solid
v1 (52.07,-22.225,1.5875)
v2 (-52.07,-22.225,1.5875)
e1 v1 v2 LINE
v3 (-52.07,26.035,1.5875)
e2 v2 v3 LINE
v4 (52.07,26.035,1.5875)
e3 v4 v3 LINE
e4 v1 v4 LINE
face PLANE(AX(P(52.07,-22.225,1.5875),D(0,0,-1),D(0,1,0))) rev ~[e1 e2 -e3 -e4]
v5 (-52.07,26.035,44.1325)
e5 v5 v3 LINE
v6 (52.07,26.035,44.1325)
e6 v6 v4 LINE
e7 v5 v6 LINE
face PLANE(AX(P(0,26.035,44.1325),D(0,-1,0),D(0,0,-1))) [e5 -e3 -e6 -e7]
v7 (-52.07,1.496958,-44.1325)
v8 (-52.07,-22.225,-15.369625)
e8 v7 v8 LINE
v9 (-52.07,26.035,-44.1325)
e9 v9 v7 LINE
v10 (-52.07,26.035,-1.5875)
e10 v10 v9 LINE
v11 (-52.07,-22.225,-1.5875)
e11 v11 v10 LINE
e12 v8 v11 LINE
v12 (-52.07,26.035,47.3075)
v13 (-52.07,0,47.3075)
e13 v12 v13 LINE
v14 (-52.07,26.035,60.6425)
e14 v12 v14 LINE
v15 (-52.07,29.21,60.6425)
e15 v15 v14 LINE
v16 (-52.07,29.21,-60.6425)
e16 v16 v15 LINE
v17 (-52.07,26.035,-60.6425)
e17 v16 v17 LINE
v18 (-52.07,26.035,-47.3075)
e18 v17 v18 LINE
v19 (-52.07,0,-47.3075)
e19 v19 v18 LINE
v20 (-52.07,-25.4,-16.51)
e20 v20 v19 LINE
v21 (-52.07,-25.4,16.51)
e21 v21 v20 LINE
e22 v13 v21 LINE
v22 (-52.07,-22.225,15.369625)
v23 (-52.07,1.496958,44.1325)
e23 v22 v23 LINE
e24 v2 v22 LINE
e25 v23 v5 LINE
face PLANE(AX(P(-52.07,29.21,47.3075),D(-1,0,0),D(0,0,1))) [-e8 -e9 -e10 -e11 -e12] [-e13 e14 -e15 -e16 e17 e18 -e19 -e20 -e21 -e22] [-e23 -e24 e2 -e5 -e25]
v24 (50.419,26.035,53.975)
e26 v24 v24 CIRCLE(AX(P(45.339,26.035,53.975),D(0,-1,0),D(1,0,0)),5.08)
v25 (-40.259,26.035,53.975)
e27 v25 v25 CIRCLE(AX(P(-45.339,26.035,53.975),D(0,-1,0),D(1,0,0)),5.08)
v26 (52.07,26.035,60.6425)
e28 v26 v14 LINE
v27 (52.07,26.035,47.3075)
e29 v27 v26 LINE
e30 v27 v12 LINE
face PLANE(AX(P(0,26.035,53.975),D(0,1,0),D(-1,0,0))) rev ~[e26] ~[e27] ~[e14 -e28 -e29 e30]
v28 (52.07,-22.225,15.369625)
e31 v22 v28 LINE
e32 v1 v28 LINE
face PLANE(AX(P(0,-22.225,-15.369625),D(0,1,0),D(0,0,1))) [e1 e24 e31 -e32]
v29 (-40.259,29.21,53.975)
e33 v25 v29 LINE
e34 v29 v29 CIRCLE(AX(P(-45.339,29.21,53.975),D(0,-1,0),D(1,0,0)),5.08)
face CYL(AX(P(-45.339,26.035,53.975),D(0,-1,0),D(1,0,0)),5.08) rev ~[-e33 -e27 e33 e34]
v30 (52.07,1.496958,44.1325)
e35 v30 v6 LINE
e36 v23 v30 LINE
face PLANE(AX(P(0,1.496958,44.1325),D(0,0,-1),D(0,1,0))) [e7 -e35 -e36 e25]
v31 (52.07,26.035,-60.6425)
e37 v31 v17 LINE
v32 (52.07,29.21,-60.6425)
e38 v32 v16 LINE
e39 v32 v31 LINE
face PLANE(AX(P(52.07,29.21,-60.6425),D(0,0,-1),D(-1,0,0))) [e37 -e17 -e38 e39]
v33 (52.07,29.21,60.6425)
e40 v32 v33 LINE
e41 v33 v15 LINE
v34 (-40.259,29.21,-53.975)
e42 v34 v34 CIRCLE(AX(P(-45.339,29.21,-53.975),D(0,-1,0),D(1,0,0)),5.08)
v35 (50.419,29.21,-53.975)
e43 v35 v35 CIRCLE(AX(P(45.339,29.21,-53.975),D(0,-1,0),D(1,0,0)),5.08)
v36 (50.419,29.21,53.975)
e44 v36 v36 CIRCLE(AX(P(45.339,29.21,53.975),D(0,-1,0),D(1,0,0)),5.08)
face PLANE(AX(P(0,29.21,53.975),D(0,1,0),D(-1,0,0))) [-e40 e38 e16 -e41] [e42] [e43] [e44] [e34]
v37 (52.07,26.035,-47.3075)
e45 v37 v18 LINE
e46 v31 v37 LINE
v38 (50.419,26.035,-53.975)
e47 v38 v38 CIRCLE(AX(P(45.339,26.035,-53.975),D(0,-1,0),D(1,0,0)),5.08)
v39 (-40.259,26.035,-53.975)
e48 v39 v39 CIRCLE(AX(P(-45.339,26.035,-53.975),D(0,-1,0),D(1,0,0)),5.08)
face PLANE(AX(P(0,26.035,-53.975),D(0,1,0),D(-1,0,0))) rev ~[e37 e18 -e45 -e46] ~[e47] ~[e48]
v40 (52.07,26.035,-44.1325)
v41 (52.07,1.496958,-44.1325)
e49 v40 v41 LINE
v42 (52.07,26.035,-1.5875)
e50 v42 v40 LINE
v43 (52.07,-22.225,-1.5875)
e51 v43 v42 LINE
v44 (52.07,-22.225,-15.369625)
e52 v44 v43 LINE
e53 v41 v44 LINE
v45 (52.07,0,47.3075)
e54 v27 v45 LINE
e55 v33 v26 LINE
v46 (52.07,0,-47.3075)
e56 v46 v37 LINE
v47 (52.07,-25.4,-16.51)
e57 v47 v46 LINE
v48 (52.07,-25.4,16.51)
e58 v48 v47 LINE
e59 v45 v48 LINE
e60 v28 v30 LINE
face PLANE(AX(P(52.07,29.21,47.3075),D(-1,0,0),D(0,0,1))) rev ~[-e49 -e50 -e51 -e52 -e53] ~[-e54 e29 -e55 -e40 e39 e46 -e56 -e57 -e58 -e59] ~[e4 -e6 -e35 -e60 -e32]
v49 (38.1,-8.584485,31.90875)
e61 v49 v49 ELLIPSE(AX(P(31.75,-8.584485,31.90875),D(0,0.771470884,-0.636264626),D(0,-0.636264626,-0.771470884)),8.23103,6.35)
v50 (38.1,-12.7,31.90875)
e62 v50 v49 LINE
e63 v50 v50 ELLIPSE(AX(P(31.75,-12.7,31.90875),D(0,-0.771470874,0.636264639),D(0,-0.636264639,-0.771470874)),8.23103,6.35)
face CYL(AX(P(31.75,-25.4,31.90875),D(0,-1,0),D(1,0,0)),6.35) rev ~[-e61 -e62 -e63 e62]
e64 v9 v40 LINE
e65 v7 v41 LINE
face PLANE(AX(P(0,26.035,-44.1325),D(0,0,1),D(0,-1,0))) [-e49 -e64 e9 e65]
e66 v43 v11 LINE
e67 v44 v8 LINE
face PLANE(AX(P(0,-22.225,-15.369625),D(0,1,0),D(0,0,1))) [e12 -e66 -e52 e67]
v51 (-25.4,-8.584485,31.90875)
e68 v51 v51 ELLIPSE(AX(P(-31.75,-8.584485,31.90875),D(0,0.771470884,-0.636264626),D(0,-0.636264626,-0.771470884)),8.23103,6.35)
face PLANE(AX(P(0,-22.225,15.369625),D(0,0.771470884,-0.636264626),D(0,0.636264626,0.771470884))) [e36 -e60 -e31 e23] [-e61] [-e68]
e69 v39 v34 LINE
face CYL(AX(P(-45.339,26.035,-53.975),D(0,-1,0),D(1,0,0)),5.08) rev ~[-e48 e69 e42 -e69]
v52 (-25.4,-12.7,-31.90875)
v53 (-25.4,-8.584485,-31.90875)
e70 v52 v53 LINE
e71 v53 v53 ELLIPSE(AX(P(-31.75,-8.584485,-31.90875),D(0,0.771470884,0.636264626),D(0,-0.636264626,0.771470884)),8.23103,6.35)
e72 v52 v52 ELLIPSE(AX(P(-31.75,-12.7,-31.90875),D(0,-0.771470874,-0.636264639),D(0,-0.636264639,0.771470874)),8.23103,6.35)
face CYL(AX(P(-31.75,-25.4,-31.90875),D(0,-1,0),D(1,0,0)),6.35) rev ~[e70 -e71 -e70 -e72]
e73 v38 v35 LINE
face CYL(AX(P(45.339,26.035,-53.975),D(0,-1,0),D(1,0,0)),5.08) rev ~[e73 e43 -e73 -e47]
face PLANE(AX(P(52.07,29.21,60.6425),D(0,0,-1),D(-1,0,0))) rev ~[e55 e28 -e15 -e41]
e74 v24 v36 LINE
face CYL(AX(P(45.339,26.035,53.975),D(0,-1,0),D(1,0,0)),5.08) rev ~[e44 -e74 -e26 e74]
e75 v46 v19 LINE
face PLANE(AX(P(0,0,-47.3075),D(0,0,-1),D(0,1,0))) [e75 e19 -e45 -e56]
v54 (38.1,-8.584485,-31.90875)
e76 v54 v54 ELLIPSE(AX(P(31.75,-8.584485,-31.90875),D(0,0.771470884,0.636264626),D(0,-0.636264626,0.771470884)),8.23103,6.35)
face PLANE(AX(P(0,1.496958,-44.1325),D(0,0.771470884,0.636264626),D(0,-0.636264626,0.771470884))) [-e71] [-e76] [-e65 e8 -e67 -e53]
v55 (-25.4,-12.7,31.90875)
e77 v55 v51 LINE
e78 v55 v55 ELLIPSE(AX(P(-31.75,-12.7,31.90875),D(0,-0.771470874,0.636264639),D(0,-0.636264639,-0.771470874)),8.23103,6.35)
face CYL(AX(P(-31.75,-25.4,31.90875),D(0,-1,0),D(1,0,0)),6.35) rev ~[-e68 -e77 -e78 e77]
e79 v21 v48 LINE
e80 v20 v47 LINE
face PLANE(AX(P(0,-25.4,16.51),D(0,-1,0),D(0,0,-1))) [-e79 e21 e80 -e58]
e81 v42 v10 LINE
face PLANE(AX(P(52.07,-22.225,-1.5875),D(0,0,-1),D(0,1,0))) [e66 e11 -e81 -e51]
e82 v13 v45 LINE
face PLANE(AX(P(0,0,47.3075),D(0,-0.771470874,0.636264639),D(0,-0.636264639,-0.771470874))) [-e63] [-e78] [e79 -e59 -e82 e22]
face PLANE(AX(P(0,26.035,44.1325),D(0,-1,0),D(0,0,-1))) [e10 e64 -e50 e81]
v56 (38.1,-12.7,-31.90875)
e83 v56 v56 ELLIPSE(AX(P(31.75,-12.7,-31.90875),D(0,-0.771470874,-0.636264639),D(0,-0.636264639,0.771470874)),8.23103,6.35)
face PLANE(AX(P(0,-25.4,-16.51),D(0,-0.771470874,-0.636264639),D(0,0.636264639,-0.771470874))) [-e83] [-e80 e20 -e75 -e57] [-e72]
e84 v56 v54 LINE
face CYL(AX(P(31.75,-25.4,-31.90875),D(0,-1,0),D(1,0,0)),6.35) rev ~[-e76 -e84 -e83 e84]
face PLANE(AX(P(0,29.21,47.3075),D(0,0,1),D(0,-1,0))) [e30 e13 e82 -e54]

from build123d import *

# Parameters (mm, degrees)
F1_DEPTH      = 52.07
F1_DEPTH_BACK = 52.07
F2_W          = 48.26
F2_H          = 3.175
F3_DEPTH      = 104.14
F4_W          = 104.14
F4_H          = 13.335
F5_DEPTH      = 3.175
F6_R          = 5.08
F7_DEPTH      = 3.175
F8_R          = 6.35
F9_DEPTH      = 51.435


with BuildPart() as f1:
    # F0 (on Right) → F1 (new body, two sides)
    with BuildSketch(Plane.YZ) as f1_sk:
        Polygon((29.21, 0), (29.21, 47.3075), (0, 47.3075), (-25.4, 16.51), (-25.4, 0), (-25.4, -16.51), (0, -47.3075), (29.21, -47.3075), align=None)
        Polygon((-22.225, 0), (-22.225, 3.175), (-22.225, 15.369625), (1.496958, 44.1325), (26.035, 44.1325), (26.035, 3.175), (26.035, 0), (26.035, -3.175), (26.035, -44.1325), (1.496958, -44.1325), (-22.225, -15.369625), (-22.225, -3.175), align=None, mode=Mode.SUBTRACT)
    extrude(amount=F1_DEPTH)
    extrude(f1_sk.sketch, amount=-F1_DEPTH_BACK)

    # F2 (on face) → F3 (join, through all)
    with BuildSketch(Plane.YZ.offset(52.07)):
        with Locations((1.905, 0)):
            Rectangle(F2_W, F2_H)
    extrude(amount=-F3_DEPTH)

    # F4 (on face) → F5 (join)
    with BuildSketch(Plane(origin=(0, 29.21, 0), x_dir=(-1, 0, 0), z_dir=(0, 1, 0))):
        with Locations((0, 53.975)):
            Rectangle(F4_W, F4_H)
        with Locations((0, -53.975)):
            Rectangle(F4_W, F4_H)
    extrude(amount=-F5_DEPTH)

    # F6 (on face) → F7 (cut, through all)
    with BuildSketch(Plane.XZ.offset(-26.035)):
        with Locations((-45.339, 53.975)):
            Circle(F6_R)
        with Locations((45.339, 53.975)):
            Circle(F6_R)
        with Locations((45.339, -53.975)):
            Circle(F6_R)
        with Locations((-45.339, -53.975)):
            Circle(F6_R)
    extrude(amount=-F7_DEPTH, mode=Mode.SUBTRACT)

    # F8 (on face) → F9 (cut, through all)
    with BuildSketch(Plane.XZ.offset(25.4)):
        with Locations((-31.75, 31.90875)):
            Circle(F8_R)
        with Locations((31.75, 31.90875)):
            Circle(F8_R)
        with Locations((31.75, -31.90875)):
            Circle(F8_R)
        with Locations((-31.75, -31.90875)):
            Circle(F8_R)
    extrude(amount=-F9_DEPTH, mode=Mode.SUBTRACT)


solid = f1.part
